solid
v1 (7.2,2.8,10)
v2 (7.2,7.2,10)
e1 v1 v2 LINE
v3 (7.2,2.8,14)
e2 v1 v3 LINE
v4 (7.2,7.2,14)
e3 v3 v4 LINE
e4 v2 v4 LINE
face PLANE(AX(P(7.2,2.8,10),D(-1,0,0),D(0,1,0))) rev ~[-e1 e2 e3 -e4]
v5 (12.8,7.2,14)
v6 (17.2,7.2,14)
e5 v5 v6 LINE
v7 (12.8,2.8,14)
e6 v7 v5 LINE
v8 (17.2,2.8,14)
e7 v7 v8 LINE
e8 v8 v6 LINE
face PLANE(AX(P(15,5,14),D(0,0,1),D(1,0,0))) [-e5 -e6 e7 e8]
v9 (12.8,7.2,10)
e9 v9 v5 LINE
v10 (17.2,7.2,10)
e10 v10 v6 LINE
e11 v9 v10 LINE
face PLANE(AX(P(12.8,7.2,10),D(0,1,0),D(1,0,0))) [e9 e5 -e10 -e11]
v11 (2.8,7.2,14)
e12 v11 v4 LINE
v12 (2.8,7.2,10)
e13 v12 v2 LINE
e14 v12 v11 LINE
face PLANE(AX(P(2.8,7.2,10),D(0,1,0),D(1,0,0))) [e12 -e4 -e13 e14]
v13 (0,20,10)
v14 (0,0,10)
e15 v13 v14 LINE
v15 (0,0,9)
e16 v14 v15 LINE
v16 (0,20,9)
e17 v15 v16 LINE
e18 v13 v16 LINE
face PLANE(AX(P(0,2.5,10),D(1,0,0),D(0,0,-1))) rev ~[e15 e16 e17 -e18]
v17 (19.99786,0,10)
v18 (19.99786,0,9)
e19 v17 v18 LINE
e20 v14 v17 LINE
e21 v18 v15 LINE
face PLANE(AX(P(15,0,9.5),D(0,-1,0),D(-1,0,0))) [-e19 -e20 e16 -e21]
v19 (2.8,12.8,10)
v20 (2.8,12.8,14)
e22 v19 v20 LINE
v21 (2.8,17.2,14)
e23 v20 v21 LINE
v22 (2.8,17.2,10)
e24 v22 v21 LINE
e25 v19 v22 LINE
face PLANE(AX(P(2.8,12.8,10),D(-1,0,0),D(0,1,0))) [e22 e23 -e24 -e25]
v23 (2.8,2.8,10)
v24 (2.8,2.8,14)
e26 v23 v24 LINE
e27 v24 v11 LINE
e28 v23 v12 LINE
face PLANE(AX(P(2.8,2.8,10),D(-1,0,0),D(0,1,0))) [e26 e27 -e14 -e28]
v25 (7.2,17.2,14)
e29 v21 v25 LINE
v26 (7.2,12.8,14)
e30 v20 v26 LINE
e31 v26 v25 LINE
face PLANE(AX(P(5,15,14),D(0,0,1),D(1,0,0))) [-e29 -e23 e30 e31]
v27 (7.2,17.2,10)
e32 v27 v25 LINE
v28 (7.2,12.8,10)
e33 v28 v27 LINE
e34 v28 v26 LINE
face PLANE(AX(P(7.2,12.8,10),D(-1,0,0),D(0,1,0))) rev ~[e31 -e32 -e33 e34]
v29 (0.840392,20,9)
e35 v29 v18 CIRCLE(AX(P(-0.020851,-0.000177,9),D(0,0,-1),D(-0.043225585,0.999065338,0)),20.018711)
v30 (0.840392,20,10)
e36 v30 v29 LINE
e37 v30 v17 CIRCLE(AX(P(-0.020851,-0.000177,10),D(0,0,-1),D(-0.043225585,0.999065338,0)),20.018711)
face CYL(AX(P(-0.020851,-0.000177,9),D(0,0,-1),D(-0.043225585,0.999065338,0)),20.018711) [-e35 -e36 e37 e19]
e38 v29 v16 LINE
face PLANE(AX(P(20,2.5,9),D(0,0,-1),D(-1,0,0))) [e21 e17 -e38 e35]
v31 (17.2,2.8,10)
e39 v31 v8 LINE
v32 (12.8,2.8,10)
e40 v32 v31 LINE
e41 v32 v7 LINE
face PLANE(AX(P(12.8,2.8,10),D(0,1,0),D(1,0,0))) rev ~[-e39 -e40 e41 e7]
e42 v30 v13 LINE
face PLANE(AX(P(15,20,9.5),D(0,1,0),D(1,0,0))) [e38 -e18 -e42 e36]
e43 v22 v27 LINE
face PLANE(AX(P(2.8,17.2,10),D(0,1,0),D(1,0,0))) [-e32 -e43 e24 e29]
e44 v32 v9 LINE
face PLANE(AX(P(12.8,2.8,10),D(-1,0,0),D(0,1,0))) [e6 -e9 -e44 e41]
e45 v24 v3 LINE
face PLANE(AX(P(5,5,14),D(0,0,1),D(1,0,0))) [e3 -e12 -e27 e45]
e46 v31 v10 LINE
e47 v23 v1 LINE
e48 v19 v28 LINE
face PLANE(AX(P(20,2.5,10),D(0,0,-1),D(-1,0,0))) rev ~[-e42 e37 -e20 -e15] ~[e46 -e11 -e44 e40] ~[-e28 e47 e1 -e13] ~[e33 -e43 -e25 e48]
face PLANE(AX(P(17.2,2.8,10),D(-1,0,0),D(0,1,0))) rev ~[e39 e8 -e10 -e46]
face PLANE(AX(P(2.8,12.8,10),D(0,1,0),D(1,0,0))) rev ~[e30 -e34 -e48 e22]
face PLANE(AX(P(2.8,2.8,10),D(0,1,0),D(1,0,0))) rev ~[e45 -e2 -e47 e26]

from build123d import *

# Parameters (mm, degrees)
BOX_W              = 10
BOX_H              = 10
BOX_DEPTH          = 10
SKETCH_W           = 4.4
SKETCH_H           = 4.4
PAD_DEPTH          = 4
PAD_FACE4_W        = 10
PAD_FACE4_H        = 10
POCKET_DEPTH       = 2.5
POCKET_FACE5_W     = 10
POCKET_FACE5_H     = 10
POCKET001_DEPTH    = 2.5
SKETCH001_W        = 5
SKETCH001_H        = 10
PAD001_DEPTH       = 10
SKETCH002_W        = 4.4
SKETCH002_H        = 4.4
PAD002_DEPTH       = 4
PAD002_FACE22_W    = 4.4
PAD002_FACE22_H    = 4.4
POCKET002_DEPTH    = 5
POCKET002_FACE16_W = 5
POCKET002_FACE16_H = 10
POCKET003_DEPTH    = 7.5
POCKET003_FACE15_W = 5
POCKET003_FACE15_H = 10
POCKET004_DEPTH    = 2.5
POCKET005_DEPTH    = 9
POCKET005_FACE8_W  = 5
POCKET005_FACE8_H  = 1
PAD003_DEPTH       = 10
PAD003_FACE3_W     = 2.5
PAD003_FACE3_H     = 1
PAD004_DEPTH       = 15
PAD004_FACE7_W     = 5
PAD004_FACE7_H     = 1
PAD005_DEPTH       = 15
PAD005_FACE8_W     = 2.5
PAD005_FACE8_H     = 1
PAD006_DEPTH       = 15
PAD006_FACE23_W    = 10
PAD006_FACE23_H    = 1
PAD007_DEPTH       = 15
SKETCH003_W        = 4.4
SKETCH003_H        = 4.4
PAD008_DEPTH       = 4
PAD008_FACE15_W    = 2.5
PAD008_FACE15_H    = 1
POCKET006_DEPTH    = 2.5
POCKET006_FACE20_W = 5
POCKET006_FACE20_H = 1
POCKET007_DEPTH    = 2.5
POCKET007_FACE27_W = 2.5
POCKET007_FACE27_H = 1
POCKET008_DEPTH    = 2.5
POCKET008_FACE37_W = 10
POCKET008_FACE37_H = 1
POCKET009_DEPTH    = 2.5
POCKET009_FACE5_W  = 10
POCKET009_FACE5_H  = 1
PAD009_DEPTH       = 2.5
PAD009_FACE29_W    = 10
PAD009_FACE29_H    = 1
PAD010_DEPTH       = 2.5
POCKET010_DEPTH    = 5


with BuildPart() as part:
    # Box → Box (new body)
    with BuildSketch(Plane.XY):
        with Locations((5, 5)):
            Rectangle(BOX_W, BOX_H)
    extrude(amount=BOX_DEPTH)

    # Sketch (on Face6 of BaseFeature) → Pad (new body)
    with BuildSketch(Plane.XY.offset(10)):
        with Locations((5, 5)):
            Rectangle(SKETCH_W, SKETCH_H)
    extrude(amount=PAD_DEPTH)

    # Pad Face4 → Pocket (cut)
    with BuildSketch(Plane(origin=(5, 10, 5), x_dir=(1, 0, 0), z_dir=(0, 1, 0))):
        Rectangle(PAD_FACE4_W, PAD_FACE4_H)
    extrude(amount=-POCKET_DEPTH, mode=Mode.SUBTRACT)

    # Pocket Face5 → Pocket001 (cut)
    with BuildSketch(Plane(origin=(5, 0, 5), x_dir=(-1, 0, 0), z_dir=(0, -1, 0))):
        Rectangle(POCKET_FACE5_W, POCKET_FACE5_H)
    extrude(amount=-POCKET001_DEPTH, mode=Mode.SUBTRACT)

    # Sketch001 (on Face3 of Pocket001) → Pad001 (join)
    with BuildSketch(Plane(origin=(0, 7.5, 0), x_dir=(-1, 0, 0), z_dir=(0, 1, 0))):
        with Locations((-5, 5)):
            Rectangle(SKETCH001_W, SKETCH001_H)
    extrude(amount=PAD001_DEPTH)

    # Sketch002 (on Face6 of Pad001) → Pad002 (join)
    with BuildSketch(Plane.XY.offset(10)):
        with Locations((5, 12.5)):
            Rectangle(SKETCH002_W, SKETCH002_H)
    extrude(amount=PAD002_DEPTH)

    # Pad002 Face22 → Pocket002 (cut)
    with BuildSketch(Plane(origin=(5, 12.5, 14), x_dir=(0, 1, 0), z_dir=(0, 0, 1))):
        Rectangle(PAD002_FACE22_W, PAD002_FACE22_H)
    extrude(amount=-POCKET002_DEPTH, mode=Mode.SUBTRACT)

    # Pocket002 Face16 → Pocket003 (cut)
    with BuildSketch(Plane(origin=(5, 17.5, 5), x_dir=(1, 0, 0), z_dir=(0, 1, 0))):
        Rectangle(POCKET002_FACE16_W, POCKET002_FACE16_H)
    extrude(amount=-POCKET003_DEPTH, mode=Mode.SUBTRACT)

    # Pocket003 Face15 → Pocket004 (cut)
    with BuildSketch(Plane(origin=(5, 10, 5), x_dir=(1, 0, 0), z_dir=(0, 1, 0))):
        Rectangle(POCKET003_FACE15_W, POCKET003_FACE15_H)
    extrude(amount=-POCKET004_DEPTH, mode=Mode.SUBTRACT)

    # Pocket004 Face4 → Pocket005 (cut)
    with BuildSketch(Plane(origin=(5, 5, 0), x_dir=(0, -1, 0), z_dir=(0, 0, -1))):
        Polygon((2.5, 5), (-2.5, 5), (-2.5, 2.5), (-2.5, -2.5), (-2.5, -5), (2.5, -5), align=None)
    extrude(amount=-POCKET005_DEPTH, mode=Mode.SUBTRACT)

    # Pocket005 Face8 → Pad003 (add)
    with BuildSketch(Plane(origin=(10, 5, 9.5), x_dir=(0, -1, 0), z_dir=(1, 0, 0))):
        Rectangle(POCKET005_FACE8_W, POCKET005_FACE8_H)
    extrude(amount=PAD003_DEPTH)

    # Pad003 Face3 → Pad004 (add)
    with BuildSketch(Plane(origin=(1.25, 7.5, 9.5), x_dir=(1, 0, 0), z_dir=(0, 1, 0))):
        Rectangle(PAD003_FACE3_W, PAD003_FACE3_H)
    extrude(amount=PAD004_DEPTH)

    # Pad004 Face7 → Pad005 (add)
    with BuildSketch(Plane(origin=(5, 7.5, 9.5), x_dir=(1, 0, 0), z_dir=(0, 1, 0))):
        Rectangle(PAD004_FACE7_W, PAD004_FACE7_H)
    extrude(amount=PAD005_DEPTH)

    # Pad005 Face8 → Pad006 (add)
    with BuildSketch(Plane(origin=(8.75, 7.5, 9.5), x_dir=(1, 0, 0), z_dir=(0, 1, 0))):
        Rectangle(PAD005_FACE8_W, PAD005_FACE8_H)
    extrude(amount=PAD006_DEPTH)

    # Pad006 Face23 → Pad007 (add)
    with BuildSketch(Plane(origin=(15, 7.5, 9.5), x_dir=(1, 0, 0), z_dir=(0, 1, 0))):
        Rectangle(PAD006_FACE23_W, PAD006_FACE23_H)
    extrude(amount=PAD007_DEPTH)

    # Sketch003 (on Face9 of Pad007) → Pad008 (join)
    with BuildSketch(Plane.XY.offset(10)):
        with Locations((5, 15)):
            Rectangle(SKETCH003_W, SKETCH003_H)
        with Locations((15, 5)):
            Rectangle(SKETCH003_W, SKETCH003_H)
    extrude(amount=PAD008_DEPTH)

    # Pad008 Face15 → Pocket006 (cut)
    with BuildSketch(Plane(origin=(1.25, 22.5, 9.5), x_dir=(1, 0, 0), z_dir=(0, 1, 0))):
        Rectangle(PAD008_FACE15_W, PAD008_FACE15_H)
    extrude(amount=-POCKET006_DEPTH, mode=Mode.SUBTRACT)

    # Pocket006 Face20 → Pocket007 (cut)
    with BuildSketch(Plane(origin=(5, 22.5, 9.5), x_dir=(1, 0, 0), z_dir=(0, 1, 0))):
        Rectangle(POCKET006_FACE20_W, POCKET006_FACE20_H)
    extrude(amount=-POCKET007_DEPTH, mode=Mode.SUBTRACT)

    # Pocket007 Face27 → Pocket008 (cut)
    with BuildSketch(Plane(origin=(8.75, 22.5, 9.5), x_dir=(1, 0, 0), z_dir=(0, 1, 0))):
        Rectangle(POCKET007_FACE27_W, POCKET007_FACE27_H)
    extrude(amount=-POCKET008_DEPTH, mode=Mode.SUBTRACT)

    # Pocket008 Face37 → Pocket009 (cut)
    with BuildSketch(Plane(origin=(15, 22.5, 9.5), x_dir=(1, 0, 0), z_dir=(0, 1, 0))):
        Rectangle(POCKET008_FACE37_W, POCKET008_FACE37_H)
    extrude(amount=-POCKET009_DEPTH, mode=Mode.SUBTRACT)

    # Pocket009 Face5 → Pad009 (add)
    with BuildSketch(Plane(origin=(5, 2.5, 9.5), x_dir=(-1, 0, 0), z_dir=(0, -1, 0))):
        Rectangle(POCKET009_FACE5_W, POCKET009_FACE5_H)
    extrude(amount=PAD009_DEPTH)

    # Pad009 Face29 → Pad010 (add)
    with BuildSketch(Plane(origin=(15, 2.5, 9.5), x_dir=(-1, 0, 0), z_dir=(0, -1, 0))):
        Rectangle(PAD009_FACE29_W, PAD009_FACE29_H)
    extrude(amount=PAD010_DEPTH)

    # Sketch004 (on Face4 of Pad010) → Pocket010 (cut)
    with BuildSketch(Plane(origin=(0, 0, 9), x_dir=(1, 0, 0), z_dir=(0, 0, -1))):
        with BuildLine():
            ThreePointArc((-0.886172, -19.999824), (13.825198, -14.457891), (19.99786, 0.000176))
            Line((19.99786, 0.000176), (29.314018, -0.170935))
            Line((29.314018, -0.170935), (32.97797, -26.044666))
            Line((32.97797, -26.044666), (-1.074295, -29.619213))
            Line((-1.074295, -29.619213), (-0.886172, -19.999824))
        make_face()
    extrude(amount=-POCKET010_DEPTH, mode=Mode.SUBTRACT)


solid = part.part
